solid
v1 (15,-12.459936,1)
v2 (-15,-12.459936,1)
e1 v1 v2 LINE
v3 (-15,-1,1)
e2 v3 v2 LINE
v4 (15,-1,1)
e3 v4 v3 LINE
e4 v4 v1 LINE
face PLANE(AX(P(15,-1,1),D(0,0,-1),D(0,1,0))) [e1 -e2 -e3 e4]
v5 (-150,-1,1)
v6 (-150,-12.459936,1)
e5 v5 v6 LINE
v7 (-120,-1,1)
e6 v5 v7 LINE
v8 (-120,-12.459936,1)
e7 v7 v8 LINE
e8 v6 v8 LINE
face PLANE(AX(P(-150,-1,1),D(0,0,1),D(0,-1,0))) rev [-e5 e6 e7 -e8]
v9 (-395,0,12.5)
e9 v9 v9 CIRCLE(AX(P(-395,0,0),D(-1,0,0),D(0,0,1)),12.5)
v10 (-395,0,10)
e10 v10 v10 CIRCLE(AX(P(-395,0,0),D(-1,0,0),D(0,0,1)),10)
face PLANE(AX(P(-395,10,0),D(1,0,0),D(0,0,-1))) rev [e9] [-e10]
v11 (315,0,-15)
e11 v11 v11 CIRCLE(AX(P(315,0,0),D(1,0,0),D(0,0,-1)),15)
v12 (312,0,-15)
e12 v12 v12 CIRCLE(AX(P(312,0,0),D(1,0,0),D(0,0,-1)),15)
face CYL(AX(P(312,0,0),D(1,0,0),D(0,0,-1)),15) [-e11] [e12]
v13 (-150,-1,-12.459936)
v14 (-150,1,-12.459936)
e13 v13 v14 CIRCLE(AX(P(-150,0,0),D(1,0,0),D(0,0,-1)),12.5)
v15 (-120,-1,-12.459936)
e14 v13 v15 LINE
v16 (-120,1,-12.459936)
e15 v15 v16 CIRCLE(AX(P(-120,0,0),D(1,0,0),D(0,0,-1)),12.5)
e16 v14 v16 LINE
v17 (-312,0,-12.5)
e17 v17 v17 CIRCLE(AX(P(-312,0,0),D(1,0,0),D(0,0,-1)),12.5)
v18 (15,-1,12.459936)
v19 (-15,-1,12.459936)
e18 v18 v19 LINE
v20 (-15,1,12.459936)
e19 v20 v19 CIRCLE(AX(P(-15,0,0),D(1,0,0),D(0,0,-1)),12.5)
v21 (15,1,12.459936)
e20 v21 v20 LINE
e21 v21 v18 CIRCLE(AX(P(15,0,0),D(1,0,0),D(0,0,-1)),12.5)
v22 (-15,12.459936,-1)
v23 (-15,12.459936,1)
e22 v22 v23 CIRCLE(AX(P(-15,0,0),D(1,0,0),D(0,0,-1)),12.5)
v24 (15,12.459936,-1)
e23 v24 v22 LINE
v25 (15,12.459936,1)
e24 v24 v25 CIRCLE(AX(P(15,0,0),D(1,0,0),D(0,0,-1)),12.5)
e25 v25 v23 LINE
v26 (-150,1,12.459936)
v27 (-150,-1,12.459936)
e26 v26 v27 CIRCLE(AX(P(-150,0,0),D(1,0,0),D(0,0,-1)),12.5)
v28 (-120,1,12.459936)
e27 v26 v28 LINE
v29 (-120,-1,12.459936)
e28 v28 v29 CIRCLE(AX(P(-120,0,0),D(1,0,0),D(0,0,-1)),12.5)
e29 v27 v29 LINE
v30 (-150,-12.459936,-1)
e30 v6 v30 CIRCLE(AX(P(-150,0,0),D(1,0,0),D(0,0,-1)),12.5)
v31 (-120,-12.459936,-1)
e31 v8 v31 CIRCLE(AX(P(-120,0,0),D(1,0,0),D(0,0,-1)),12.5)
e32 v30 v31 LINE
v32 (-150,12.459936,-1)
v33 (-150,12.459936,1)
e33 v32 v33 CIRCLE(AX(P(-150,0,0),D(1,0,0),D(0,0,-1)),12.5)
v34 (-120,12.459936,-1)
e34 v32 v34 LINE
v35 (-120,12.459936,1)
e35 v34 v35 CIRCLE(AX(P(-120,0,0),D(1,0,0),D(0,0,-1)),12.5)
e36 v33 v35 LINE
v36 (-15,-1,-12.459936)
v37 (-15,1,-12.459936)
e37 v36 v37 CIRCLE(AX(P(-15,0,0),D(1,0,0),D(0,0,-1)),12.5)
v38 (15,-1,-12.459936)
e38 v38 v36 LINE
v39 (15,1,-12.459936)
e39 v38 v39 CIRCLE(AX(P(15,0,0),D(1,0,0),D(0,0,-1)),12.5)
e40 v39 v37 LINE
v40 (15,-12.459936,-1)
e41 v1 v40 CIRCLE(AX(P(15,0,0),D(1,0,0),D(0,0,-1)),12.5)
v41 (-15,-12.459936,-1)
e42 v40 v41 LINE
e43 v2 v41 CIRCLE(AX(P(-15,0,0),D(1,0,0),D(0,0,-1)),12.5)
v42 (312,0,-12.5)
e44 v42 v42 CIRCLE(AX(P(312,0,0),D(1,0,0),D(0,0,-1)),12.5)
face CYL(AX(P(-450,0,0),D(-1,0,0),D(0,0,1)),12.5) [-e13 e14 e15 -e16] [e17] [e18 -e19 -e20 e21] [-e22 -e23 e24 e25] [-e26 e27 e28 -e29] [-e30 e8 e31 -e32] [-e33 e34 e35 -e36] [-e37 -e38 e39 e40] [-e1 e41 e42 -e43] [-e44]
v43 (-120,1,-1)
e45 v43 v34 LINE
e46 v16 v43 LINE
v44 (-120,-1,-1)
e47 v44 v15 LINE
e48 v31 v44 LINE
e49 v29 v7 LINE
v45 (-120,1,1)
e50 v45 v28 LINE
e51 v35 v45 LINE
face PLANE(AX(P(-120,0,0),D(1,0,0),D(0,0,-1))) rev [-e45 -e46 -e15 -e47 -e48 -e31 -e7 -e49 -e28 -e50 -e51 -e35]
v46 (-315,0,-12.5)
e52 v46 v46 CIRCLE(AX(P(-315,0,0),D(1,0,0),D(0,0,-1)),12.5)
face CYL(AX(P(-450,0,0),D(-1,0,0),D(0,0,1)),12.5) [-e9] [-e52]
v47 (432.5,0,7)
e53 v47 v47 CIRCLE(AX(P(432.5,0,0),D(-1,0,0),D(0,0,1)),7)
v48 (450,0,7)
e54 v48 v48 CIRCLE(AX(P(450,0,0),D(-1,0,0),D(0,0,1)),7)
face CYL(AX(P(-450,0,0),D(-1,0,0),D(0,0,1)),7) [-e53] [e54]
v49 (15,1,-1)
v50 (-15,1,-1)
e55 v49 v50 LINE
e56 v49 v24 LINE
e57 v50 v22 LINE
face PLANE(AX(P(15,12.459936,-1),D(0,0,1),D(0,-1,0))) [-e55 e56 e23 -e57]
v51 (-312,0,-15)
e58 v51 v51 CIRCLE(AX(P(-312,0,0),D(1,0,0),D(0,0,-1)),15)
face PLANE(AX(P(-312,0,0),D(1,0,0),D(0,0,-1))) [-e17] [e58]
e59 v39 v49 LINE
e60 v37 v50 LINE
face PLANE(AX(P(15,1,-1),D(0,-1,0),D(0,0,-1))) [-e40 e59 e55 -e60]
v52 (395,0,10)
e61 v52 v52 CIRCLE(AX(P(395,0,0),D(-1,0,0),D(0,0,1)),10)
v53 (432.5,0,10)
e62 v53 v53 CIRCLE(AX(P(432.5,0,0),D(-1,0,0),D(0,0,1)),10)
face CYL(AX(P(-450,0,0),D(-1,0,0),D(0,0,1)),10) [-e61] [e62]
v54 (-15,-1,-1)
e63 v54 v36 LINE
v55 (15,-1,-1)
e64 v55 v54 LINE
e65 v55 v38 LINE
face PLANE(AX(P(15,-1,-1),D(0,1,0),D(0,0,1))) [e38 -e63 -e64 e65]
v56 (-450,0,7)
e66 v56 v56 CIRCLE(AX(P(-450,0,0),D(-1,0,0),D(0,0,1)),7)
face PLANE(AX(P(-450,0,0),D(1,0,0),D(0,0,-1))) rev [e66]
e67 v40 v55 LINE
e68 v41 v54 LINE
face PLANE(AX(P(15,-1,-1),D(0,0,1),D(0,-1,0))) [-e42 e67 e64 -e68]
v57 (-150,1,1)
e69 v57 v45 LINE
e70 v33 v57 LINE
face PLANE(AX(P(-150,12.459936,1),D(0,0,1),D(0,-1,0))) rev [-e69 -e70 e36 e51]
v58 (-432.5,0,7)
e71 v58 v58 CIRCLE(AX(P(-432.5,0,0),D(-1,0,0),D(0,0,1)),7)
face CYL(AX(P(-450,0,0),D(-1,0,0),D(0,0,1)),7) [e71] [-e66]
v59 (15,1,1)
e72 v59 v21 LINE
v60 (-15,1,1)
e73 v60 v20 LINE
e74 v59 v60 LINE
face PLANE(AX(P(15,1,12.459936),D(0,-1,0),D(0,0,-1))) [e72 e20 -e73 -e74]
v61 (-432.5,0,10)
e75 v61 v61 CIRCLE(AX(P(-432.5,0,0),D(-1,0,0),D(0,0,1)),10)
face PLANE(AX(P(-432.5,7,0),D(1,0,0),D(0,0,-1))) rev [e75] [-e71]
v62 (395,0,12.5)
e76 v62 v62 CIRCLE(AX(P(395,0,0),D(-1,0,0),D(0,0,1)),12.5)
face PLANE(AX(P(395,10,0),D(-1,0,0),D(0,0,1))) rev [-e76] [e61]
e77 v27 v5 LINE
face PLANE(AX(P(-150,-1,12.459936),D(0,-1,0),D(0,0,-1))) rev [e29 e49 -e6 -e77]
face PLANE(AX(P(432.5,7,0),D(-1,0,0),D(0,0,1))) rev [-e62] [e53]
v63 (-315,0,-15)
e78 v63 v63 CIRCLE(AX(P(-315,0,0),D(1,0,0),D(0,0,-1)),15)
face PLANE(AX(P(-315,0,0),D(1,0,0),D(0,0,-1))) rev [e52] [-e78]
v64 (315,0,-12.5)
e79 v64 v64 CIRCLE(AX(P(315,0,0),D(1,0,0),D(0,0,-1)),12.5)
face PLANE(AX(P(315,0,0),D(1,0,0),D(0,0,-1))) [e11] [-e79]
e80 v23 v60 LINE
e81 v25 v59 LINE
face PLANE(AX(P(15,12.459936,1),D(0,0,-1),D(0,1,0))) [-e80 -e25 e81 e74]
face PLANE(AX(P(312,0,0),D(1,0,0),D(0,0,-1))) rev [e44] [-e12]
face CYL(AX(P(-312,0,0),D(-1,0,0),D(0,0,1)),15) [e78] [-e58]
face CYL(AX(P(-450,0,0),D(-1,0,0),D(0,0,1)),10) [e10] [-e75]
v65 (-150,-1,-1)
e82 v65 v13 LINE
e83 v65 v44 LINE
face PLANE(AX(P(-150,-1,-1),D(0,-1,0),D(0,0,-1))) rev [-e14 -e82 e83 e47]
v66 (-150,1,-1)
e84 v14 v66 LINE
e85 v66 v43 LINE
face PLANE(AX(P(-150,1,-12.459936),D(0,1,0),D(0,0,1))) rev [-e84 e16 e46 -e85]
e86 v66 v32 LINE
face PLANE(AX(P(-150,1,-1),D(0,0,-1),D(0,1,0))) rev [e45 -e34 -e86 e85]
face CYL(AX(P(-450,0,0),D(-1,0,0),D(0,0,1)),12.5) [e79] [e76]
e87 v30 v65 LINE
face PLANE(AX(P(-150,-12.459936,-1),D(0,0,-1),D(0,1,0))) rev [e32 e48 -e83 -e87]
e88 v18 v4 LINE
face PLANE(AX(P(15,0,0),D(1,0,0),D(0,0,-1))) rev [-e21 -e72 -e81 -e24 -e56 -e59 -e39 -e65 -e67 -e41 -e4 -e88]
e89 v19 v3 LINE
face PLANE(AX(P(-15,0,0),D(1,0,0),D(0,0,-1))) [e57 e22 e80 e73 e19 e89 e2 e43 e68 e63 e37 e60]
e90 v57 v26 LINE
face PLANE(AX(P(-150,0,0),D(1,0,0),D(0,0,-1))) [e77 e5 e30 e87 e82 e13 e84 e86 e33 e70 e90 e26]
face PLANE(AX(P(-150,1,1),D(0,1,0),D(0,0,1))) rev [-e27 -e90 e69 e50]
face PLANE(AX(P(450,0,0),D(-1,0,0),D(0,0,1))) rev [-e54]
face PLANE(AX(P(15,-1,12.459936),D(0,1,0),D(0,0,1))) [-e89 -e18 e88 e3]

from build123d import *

# Parameters (mm, degrees)
Y_KSEKLIK_EKSTR_ZYON1_START = -315
IZIM2_R                     = 15
Y_KSEKLIK_EKSTR_ZYON1_DEPTH = 3
Y_KSEKLIK_EKSTR_ZYON2_START = 312
IZIM2_2_R                   = 15
Y_KSEKLIK_EKSTR_ZYON2_DEPTH = 3
KES_EKSTR_ZYON2_DEPTH       = 15
KES_EKSTR_ZYON3_START       = -600
KES_EKSTR_ZYON3_DEPTH       = 30


with BuildPart() as part:
    # Çizim1 → Döndür1 (revolve)
    with BuildSketch(Plane.XY):
        Polygon((450, 0), (450, 7), (432.5, 7), (432.5, 10), (395, 10), (395, 12.5), (-395, 12.5), (-395, 10), (-432.5, 10), (-432.5, 7), (-450, 7), (-450, 0), align=None)
    revolve(axis=Axis((-450, 0, 0), (1, 0, 0)))

    # Çizim2 → Yükseklik-Ekstrüzyon1 (add)
    with BuildSketch(Plane(origin=(0, 0, 0), x_dir=(0, 0, -1), z_dir=(1, 0, 0)).offset(Y_KSEKLIK_EKSTR_ZYON1_START)):
        Circle(IZIM2_R)
    extrude(amount=Y_KSEKLIK_EKSTR_ZYON1_DEPTH)

    # Çizim2<2> → Yükseklik-Ekstrüzyon2 (add)
    with BuildSketch(Plane(origin=(0, 0, 0), x_dir=(0, 0, -1), z_dir=(1, 0, 0)).offset(Y_KSEKLIK_EKSTR_ZYON2_START)):
        Circle(IZIM2_2_R)
    extrude(amount=Y_KSEKLIK_EKSTR_ZYON2_DEPTH)

    # Çizim4 → Kes-Ekstrüzyon2 (cut, symmetric)
    with BuildSketch(Plane(origin=(0, 0, 0), x_dir=(0, 0, -1), z_dir=(1, 0, 0))):
        with BuildLine():
            Line((-12.459935794, 1), (-1, 1))
            Line((-1, 1), (-1, 12.459935794))
            ThreePointArc((-1, 12.459935794), (0, 12.5), (1, 12.459935794))
            Line((1, 12.459935794), (1, 1))
            Line((1, 1), (12.459935794, 1))
            ThreePointArc((12.459935794, 1), (12.5, 0), (12.459935794, -1))
            Line((12.459935794, -1), (1, -1))
            Line((1, -1), (1, -12.459935794))
            ThreePointArc((1, -12.459935794), (0, -12.5), (-1, -12.459935794))
            Line((-1, -12.459935794), (-1, -1))
            Line((-1, -1), (-12.459935794, -1))
            ThreePointArc((-12.459935794, -1), (-12.5, 0), (-12.459935794, 1))
        make_face()
    extrude(amount=KES_EKSTR_ZYON2_DEPTH, both=True, mode=Mode.SUBTRACT)

    # Çizim6 → Kes-Ekstrüzyon3 (cut)
    with BuildSketch(Plane(origin=(450, 0, 0), x_dir=(0, 0, -1), z_dir=(1, 0, 0)).offset(KES_EKSTR_ZYON3_START)):
        with BuildLine():
            Line((1, 1), (1, 12.459935794))
            ThreePointArc((1, 12.459935794), (0, 12.5), (-1, 12.459935794))
            Line((-1, 12.459935794), (-1, 1))
            Line((-1, 1), (-12.459935794, 1))
            ThreePointArc((-12.459935794, 1), (-12.5, 0), (-12.459935794, -1))
            Line((-12.459935794, -1), (-1, -1))
            Line((-1, -1), (-1, -12.459935794))
            ThreePointArc((-1, -12.459935794), (0, -12.5), (1, -12.459935794))
            Line((1, -12.459935794), (1, -1))
            Line((1, -1), (12.459935794, -1))
            ThreePointArc((12.459935794, -1), (12.5, 0), (12.459935794, 1))
            Line((12.459935794, 1), (1, 1))
        make_face()
    extrude(amount=KES_EKSTR_ZYON3_DEPTH, mode=Mode.SUBTRACT)


solid = part.part
